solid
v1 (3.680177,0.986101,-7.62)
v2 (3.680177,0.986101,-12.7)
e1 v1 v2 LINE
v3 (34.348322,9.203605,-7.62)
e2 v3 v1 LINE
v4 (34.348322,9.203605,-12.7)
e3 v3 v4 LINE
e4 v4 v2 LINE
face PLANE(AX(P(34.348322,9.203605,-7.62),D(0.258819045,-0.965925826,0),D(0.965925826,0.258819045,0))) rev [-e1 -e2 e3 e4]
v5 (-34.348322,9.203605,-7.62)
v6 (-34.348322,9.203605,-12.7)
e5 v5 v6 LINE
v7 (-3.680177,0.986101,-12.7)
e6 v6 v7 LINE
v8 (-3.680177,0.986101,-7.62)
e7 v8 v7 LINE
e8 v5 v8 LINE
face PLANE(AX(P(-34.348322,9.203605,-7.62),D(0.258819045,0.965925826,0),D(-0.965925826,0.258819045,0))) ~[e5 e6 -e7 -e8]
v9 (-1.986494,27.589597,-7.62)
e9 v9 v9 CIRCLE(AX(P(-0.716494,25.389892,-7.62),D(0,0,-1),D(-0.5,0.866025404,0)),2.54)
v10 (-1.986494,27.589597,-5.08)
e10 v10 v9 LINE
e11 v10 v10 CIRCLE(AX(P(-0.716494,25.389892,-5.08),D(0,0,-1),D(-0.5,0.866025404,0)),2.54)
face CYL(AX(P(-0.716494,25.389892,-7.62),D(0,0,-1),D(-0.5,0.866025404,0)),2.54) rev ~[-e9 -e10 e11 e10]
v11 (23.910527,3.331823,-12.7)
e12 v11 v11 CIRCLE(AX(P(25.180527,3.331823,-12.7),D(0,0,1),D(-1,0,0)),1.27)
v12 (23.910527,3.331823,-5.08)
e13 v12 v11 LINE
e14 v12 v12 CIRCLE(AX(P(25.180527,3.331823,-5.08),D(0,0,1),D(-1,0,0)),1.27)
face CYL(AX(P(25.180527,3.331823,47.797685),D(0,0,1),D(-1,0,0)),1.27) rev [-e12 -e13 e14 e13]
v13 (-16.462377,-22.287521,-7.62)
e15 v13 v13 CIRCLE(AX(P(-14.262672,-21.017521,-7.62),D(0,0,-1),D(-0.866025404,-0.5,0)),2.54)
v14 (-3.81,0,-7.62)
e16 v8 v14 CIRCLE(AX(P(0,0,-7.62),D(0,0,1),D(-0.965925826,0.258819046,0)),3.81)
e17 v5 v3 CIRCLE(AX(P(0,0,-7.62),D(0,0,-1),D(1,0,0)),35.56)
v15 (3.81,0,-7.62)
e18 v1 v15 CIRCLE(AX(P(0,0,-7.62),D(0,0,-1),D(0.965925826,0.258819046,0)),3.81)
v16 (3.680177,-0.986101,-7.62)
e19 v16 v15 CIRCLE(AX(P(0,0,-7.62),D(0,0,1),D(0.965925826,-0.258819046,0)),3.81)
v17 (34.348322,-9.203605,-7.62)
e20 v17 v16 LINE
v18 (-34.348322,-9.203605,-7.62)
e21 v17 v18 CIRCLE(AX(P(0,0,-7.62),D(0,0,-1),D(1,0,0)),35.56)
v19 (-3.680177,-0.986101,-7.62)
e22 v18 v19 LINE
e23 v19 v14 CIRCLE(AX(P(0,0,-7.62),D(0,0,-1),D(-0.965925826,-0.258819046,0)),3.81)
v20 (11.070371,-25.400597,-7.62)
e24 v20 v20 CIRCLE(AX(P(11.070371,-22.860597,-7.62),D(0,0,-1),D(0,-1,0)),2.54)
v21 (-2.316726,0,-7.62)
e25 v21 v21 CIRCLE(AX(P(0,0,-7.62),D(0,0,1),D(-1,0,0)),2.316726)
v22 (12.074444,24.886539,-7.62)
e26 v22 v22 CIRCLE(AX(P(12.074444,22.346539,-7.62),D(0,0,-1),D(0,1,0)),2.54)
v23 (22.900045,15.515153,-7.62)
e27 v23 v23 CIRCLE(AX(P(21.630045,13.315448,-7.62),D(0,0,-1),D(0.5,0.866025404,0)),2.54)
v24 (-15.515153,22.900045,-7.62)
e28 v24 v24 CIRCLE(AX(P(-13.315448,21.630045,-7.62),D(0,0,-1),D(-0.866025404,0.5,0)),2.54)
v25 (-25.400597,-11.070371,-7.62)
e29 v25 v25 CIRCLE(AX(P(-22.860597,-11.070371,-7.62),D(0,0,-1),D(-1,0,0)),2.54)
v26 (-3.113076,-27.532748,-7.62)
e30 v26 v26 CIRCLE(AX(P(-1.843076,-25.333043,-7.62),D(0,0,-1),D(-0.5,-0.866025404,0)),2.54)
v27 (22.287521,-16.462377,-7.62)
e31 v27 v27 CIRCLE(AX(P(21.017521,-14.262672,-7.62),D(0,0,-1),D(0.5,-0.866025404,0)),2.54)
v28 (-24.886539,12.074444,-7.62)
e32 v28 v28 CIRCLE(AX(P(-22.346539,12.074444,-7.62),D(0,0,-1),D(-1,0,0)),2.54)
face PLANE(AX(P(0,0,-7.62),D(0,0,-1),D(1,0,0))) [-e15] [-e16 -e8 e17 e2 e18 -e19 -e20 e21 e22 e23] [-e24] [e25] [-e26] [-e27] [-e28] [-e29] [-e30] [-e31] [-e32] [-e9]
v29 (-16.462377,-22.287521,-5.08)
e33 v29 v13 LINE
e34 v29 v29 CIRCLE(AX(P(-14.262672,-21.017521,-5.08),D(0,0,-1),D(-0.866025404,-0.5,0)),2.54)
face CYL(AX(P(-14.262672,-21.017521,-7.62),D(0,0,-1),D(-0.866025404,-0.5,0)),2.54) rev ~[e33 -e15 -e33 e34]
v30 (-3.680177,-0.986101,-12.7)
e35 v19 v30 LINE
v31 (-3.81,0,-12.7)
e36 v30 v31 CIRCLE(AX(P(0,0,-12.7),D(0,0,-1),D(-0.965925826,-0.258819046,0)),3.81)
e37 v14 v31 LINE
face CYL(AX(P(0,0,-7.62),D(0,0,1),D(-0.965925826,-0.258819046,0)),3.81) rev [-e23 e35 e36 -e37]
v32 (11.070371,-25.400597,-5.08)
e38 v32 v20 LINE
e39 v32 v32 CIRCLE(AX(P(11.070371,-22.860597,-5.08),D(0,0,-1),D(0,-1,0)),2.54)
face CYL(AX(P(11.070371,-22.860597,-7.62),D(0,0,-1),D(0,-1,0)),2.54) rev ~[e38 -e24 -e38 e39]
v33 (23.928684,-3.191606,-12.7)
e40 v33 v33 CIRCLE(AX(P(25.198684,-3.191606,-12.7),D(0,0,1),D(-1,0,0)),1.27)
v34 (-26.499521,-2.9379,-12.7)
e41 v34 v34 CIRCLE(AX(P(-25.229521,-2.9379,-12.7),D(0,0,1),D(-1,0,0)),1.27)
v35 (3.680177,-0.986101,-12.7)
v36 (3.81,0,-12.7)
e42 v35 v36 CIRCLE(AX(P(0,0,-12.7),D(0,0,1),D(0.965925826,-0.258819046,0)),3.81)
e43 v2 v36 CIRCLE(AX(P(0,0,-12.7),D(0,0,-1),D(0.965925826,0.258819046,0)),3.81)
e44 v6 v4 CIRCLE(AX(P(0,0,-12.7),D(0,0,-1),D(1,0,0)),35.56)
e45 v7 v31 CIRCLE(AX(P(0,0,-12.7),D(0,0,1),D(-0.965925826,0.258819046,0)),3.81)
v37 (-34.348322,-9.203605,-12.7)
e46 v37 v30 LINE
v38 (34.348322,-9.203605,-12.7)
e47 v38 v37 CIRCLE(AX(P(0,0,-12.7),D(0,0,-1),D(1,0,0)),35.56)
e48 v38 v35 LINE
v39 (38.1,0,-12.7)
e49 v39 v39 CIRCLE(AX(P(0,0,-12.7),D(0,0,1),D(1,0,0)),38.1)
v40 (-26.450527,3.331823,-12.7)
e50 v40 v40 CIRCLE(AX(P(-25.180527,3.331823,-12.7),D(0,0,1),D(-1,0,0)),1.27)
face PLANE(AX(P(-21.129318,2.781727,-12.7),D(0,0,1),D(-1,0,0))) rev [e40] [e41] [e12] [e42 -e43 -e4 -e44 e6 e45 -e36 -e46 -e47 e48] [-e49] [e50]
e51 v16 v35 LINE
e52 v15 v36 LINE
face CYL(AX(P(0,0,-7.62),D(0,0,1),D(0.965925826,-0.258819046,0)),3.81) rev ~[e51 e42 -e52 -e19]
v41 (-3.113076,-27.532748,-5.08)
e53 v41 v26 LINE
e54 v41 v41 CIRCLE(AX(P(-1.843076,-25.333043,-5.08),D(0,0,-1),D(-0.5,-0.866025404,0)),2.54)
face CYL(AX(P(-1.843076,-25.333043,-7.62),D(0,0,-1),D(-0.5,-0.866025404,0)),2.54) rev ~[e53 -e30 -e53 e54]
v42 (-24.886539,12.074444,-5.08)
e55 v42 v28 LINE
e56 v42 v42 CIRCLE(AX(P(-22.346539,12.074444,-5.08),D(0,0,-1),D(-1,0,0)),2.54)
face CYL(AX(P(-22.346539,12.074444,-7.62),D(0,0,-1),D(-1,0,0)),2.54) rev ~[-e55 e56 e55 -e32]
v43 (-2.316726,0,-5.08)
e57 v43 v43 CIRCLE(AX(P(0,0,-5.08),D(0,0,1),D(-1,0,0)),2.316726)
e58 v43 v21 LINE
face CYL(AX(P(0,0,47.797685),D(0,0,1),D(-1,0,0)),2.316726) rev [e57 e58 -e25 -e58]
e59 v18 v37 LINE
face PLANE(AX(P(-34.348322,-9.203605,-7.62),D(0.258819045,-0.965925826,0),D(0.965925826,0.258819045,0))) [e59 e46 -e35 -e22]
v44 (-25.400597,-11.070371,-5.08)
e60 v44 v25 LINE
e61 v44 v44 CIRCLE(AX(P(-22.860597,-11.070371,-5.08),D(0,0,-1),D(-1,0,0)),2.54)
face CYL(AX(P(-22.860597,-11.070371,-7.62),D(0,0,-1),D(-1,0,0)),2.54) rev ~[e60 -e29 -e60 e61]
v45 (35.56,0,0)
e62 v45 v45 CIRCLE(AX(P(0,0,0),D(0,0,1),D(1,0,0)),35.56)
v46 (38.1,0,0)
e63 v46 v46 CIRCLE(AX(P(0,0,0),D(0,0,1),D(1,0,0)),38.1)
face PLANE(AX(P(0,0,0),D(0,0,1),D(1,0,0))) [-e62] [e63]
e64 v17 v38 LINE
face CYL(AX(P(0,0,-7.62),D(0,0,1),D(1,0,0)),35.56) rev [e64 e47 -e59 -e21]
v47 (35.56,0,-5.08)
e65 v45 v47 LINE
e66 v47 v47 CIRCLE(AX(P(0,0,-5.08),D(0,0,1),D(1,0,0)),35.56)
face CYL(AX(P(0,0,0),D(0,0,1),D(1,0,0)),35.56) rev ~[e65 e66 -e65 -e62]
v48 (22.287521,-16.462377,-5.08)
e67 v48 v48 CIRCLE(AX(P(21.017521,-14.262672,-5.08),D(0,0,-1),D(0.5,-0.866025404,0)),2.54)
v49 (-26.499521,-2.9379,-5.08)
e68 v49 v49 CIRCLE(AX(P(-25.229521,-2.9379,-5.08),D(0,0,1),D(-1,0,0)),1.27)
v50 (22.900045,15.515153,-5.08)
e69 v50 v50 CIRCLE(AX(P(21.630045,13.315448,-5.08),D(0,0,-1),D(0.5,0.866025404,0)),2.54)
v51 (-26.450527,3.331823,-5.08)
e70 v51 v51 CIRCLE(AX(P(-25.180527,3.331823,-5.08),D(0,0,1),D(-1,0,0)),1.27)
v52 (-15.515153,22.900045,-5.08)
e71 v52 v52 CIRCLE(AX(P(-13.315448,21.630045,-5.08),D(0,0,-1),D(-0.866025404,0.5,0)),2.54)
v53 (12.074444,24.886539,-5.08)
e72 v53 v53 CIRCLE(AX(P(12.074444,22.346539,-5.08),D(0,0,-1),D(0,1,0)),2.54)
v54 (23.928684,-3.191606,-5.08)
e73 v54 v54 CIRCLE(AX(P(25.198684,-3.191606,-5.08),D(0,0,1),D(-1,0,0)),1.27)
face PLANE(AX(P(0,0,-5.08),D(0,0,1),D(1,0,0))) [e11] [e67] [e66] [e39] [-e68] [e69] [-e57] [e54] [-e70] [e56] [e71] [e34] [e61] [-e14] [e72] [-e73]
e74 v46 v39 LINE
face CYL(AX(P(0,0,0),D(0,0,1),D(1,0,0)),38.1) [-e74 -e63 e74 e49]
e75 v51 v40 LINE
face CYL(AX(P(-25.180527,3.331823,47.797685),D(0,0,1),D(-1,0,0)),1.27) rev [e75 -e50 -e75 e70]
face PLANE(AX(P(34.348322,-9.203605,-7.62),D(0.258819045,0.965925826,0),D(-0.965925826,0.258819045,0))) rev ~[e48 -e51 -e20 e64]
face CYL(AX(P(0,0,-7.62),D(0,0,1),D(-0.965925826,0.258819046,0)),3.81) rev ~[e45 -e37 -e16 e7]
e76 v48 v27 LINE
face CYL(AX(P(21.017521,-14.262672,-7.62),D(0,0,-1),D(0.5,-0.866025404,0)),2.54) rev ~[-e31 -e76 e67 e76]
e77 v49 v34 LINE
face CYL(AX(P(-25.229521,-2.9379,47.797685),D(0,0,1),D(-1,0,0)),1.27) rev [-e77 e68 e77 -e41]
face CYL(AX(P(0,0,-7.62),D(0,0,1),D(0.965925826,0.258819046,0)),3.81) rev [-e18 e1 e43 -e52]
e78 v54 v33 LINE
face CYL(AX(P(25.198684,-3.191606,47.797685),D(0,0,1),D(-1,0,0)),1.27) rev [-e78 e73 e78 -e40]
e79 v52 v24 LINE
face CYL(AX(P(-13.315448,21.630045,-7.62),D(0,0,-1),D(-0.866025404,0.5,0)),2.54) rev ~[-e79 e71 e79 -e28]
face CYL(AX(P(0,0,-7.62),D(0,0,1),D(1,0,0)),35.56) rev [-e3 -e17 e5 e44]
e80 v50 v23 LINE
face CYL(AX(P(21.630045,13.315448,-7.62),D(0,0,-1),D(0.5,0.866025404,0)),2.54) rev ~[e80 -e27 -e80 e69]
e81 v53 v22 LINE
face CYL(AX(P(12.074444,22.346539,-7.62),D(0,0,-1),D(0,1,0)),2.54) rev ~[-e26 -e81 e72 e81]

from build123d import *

# Parameters (mm, degrees)
SKETCH1_R               = 38.1
BOSS_EXTRUDE2_DEPTH     = 12.7
SKETCH3_R               = 35.56
CUT_EXTRUDE2_DEPTH      = 5.08
CUT_EXTRUDE3_START      = -5.08
SKETCH4_R               = 35.56
CUT_EXTRUDE3_DEPTH      = 5.08
BOSS_EXTRUDE3_DEPTH     = 5.08
BOSS_EXTRUDE4_DEPTH     = 5.08
SKETCH9_R               = 2.54
CUT_EXTRUDE5_DEPTH      = 55.417684625
CIRPATTERN1_COUNT       = 5
CIRPATTERN1_ANGLE       = 120
SKETCH10_R              = 2.54
CUT_EXTRUDE6_DEPTH      = 55.417684625
CIRPATTERN2_COUNT       = 5
CIRPATTERN2_ANGLE       = 120
CUT_EXTRUDE7_DEPTH      = 55.417684625
CUT_EXTRUDE7_DEPTH_BACK = 55.417684625
SKETCH11_R              = 1.27
CUT_EXTRUDE8_DEPTH      = 55.417684625
CUT_EXTRUDE8_DEPTH_BACK = 55.417684625
SKETCH12_R              = 2.31672553


with BuildPart() as part:
    # Sketch1 → Boss-Extrude2 (new body)
    with BuildSketch(Plane.XY):
        Circle(SKETCH1_R)
    extrude(amount=-BOSS_EXTRUDE2_DEPTH)

    # Sketch3 → Cut-Extrude2 (cut)
    with BuildSketch(Plane.XY):
        Circle(SKETCH3_R)
    extrude(amount=-CUT_EXTRUDE2_DEPTH, mode=Mode.SUBTRACT)

    # Sketch4 → Cut-Extrude3 (cut)
    with BuildSketch(Plane(origin=(0, 0, -12.7), x_dir=(-1, 0, 0), z_dir=(0, 0, -1)).offset(CUT_EXTRUDE3_START)):
        with Locations(Location((0, 0, 0), (0, 0, 180))):
            Circle(SKETCH4_R)
    extrude(amount=CUT_EXTRUDE3_DEPTH, mode=Mode.SUBTRACT)

    # Sketch6 → Boss-Extrude3 (add)
    with BuildSketch(Plane(origin=(0, 0, -7.62), x_dir=(-1, 0, 0), z_dir=(0, 0, -1))):
        with BuildLine():
            Line((-3.81, 0), (-35.56, 0))
            ThreePointArc((-35.56, 0), (-35.25577927, -4.641511395), (-34.348322383, -9.203605244))
            Line((-34.348322383, -9.203605244), (-3.680177398, -0.986100562))
            ThreePointArc((-3.680177398, -0.986100562), (-3.777404922, -0.497304792), (-3.81, 0))
        make_face()
    boss_extrude3 = extrude(amount=BOSS_EXTRUDE3_DEPTH)

    # Mirror2: Boss-Extrude3 across plane
    add(boss_extrude3.mirror(Plane(origin=(3.81, 0, -45.881763645), x_dir=(0, 0, 1), z_dir=(0, -1, 0))))

    # Sketch8 → Boss-Extrude4 (add)
    with BuildSketch(Plane(origin=(0, 0, -7.62), x_dir=(-1, 0, 0), z_dir=(0, 0, -1))):
        with BuildLine():
            Line((3.81, 0), (35.56, 0))
            ThreePointArc((35.56, 0), (35.25577927, -4.641511395), (34.348322383, -9.203605244))
            Line((34.348322383, -9.203605244), (3.680177398, -0.986100562))
            ThreePointArc((3.680177398, -0.986100562), (3.777404922, -0.497304792), (3.81, 0))
        make_face()
    boss_extrude4 = extrude(amount=BOSS_EXTRUDE4_DEPTH)

    # Mirror3: Boss-Extrude4 across plane
    add(boss_extrude4.mirror(Plane(origin=(-3.81, 0, -45.881763645), x_dir=(0, 0, 1), z_dir=(0, -1, 0))))

    # Sketch9 → Cut-Extrude5 (cut, symmetric)
    with BuildSketch(Plane(origin=(0, 0, -7.62), x_dir=(-1, 0, 0), z_dir=(0, 0, -1))):
        with Locations((22.346538839, 12.074444166)):
            Circle(SKETCH9_R)
    cut_extrude5 = extrude(amount=CUT_EXTRUDE5_DEPTH, both=True, mode=Mode.SUBTRACT)

    # CirPattern1: Cut-Extrude5 ×5 about axis
    cirpattern1_axis = Axis((0, 0, 0), (0, 0, -1))
    for i in range(1, CIRPATTERN1_COUNT):
        add(cut_extrude5.rotate(cirpattern1_axis, i * CIRPATTERN1_ANGLE / (CIRPATTERN1_COUNT - 1)), mode=Mode.SUBTRACT)

    # Sketch10 → Cut-Extrude6 (cut, symmetric)
    with BuildSketch(Plane(origin=(0, 0, -7.62), x_dir=(-1, 0, 0), z_dir=(0, 0, -1))):
        with Locations((22.86059693, -11.070370726)):
            Circle(SKETCH10_R)
    cut_extrude6 = extrude(amount=CUT_EXTRUDE6_DEPTH, both=True, mode=Mode.SUBTRACT)

    # CirPattern2: Cut-Extrude6 ×5 about axis
    cirpattern2_axis = Axis((0, 0, 0), (0, 0, 1))
    for i in range(1, CIRPATTERN2_COUNT):
        add(cut_extrude6.rotate(cirpattern2_axis, i * CIRPATTERN2_ANGLE / (CIRPATTERN2_COUNT - 1)), mode=Mode.SUBTRACT)

    # Sketch11 → Cut-Extrude7 (cut, two sides: drawn at the far end of the back side and taken through both)
    with BuildSketch(Plane(origin=(0, 0, -7.62), x_dir=(-1, 0, 0), z_dir=(0, 0, -1)).offset(-CUT_EXTRUDE7_DEPTH_BACK)):
        with Locations((-25.180527268, 3.331823302)):
            Circle(SKETCH11_R)
        with Locations((-25.198683581, -3.191605521)):
            Circle(SKETCH11_R)
        with Locations((25.180527268, 3.331823302)):
            Circle(SKETCH11_R)
        with Locations((25.229521307, -2.937899696)):
            Circle(SKETCH11_R)
    extrude(amount=CUT_EXTRUDE7_DEPTH + CUT_EXTRUDE7_DEPTH_BACK, mode=Mode.SUBTRACT)

    # Sketch12 → Cut-Extrude8 (cut, two sides: drawn at the far end of the back side and taken through both)
    with BuildSketch(Plane(origin=(0, 0, -7.62), x_dir=(-1, 0, 0), z_dir=(0, 0, -1)).offset(-CUT_EXTRUDE8_DEPTH_BACK)):
        Circle(SKETCH12_R)
    extrude(amount=CUT_EXTRUDE8_DEPTH + CUT_EXTRUDE8_DEPTH_BACK, mode=Mode.SUBTRACT)


solid = part.part
